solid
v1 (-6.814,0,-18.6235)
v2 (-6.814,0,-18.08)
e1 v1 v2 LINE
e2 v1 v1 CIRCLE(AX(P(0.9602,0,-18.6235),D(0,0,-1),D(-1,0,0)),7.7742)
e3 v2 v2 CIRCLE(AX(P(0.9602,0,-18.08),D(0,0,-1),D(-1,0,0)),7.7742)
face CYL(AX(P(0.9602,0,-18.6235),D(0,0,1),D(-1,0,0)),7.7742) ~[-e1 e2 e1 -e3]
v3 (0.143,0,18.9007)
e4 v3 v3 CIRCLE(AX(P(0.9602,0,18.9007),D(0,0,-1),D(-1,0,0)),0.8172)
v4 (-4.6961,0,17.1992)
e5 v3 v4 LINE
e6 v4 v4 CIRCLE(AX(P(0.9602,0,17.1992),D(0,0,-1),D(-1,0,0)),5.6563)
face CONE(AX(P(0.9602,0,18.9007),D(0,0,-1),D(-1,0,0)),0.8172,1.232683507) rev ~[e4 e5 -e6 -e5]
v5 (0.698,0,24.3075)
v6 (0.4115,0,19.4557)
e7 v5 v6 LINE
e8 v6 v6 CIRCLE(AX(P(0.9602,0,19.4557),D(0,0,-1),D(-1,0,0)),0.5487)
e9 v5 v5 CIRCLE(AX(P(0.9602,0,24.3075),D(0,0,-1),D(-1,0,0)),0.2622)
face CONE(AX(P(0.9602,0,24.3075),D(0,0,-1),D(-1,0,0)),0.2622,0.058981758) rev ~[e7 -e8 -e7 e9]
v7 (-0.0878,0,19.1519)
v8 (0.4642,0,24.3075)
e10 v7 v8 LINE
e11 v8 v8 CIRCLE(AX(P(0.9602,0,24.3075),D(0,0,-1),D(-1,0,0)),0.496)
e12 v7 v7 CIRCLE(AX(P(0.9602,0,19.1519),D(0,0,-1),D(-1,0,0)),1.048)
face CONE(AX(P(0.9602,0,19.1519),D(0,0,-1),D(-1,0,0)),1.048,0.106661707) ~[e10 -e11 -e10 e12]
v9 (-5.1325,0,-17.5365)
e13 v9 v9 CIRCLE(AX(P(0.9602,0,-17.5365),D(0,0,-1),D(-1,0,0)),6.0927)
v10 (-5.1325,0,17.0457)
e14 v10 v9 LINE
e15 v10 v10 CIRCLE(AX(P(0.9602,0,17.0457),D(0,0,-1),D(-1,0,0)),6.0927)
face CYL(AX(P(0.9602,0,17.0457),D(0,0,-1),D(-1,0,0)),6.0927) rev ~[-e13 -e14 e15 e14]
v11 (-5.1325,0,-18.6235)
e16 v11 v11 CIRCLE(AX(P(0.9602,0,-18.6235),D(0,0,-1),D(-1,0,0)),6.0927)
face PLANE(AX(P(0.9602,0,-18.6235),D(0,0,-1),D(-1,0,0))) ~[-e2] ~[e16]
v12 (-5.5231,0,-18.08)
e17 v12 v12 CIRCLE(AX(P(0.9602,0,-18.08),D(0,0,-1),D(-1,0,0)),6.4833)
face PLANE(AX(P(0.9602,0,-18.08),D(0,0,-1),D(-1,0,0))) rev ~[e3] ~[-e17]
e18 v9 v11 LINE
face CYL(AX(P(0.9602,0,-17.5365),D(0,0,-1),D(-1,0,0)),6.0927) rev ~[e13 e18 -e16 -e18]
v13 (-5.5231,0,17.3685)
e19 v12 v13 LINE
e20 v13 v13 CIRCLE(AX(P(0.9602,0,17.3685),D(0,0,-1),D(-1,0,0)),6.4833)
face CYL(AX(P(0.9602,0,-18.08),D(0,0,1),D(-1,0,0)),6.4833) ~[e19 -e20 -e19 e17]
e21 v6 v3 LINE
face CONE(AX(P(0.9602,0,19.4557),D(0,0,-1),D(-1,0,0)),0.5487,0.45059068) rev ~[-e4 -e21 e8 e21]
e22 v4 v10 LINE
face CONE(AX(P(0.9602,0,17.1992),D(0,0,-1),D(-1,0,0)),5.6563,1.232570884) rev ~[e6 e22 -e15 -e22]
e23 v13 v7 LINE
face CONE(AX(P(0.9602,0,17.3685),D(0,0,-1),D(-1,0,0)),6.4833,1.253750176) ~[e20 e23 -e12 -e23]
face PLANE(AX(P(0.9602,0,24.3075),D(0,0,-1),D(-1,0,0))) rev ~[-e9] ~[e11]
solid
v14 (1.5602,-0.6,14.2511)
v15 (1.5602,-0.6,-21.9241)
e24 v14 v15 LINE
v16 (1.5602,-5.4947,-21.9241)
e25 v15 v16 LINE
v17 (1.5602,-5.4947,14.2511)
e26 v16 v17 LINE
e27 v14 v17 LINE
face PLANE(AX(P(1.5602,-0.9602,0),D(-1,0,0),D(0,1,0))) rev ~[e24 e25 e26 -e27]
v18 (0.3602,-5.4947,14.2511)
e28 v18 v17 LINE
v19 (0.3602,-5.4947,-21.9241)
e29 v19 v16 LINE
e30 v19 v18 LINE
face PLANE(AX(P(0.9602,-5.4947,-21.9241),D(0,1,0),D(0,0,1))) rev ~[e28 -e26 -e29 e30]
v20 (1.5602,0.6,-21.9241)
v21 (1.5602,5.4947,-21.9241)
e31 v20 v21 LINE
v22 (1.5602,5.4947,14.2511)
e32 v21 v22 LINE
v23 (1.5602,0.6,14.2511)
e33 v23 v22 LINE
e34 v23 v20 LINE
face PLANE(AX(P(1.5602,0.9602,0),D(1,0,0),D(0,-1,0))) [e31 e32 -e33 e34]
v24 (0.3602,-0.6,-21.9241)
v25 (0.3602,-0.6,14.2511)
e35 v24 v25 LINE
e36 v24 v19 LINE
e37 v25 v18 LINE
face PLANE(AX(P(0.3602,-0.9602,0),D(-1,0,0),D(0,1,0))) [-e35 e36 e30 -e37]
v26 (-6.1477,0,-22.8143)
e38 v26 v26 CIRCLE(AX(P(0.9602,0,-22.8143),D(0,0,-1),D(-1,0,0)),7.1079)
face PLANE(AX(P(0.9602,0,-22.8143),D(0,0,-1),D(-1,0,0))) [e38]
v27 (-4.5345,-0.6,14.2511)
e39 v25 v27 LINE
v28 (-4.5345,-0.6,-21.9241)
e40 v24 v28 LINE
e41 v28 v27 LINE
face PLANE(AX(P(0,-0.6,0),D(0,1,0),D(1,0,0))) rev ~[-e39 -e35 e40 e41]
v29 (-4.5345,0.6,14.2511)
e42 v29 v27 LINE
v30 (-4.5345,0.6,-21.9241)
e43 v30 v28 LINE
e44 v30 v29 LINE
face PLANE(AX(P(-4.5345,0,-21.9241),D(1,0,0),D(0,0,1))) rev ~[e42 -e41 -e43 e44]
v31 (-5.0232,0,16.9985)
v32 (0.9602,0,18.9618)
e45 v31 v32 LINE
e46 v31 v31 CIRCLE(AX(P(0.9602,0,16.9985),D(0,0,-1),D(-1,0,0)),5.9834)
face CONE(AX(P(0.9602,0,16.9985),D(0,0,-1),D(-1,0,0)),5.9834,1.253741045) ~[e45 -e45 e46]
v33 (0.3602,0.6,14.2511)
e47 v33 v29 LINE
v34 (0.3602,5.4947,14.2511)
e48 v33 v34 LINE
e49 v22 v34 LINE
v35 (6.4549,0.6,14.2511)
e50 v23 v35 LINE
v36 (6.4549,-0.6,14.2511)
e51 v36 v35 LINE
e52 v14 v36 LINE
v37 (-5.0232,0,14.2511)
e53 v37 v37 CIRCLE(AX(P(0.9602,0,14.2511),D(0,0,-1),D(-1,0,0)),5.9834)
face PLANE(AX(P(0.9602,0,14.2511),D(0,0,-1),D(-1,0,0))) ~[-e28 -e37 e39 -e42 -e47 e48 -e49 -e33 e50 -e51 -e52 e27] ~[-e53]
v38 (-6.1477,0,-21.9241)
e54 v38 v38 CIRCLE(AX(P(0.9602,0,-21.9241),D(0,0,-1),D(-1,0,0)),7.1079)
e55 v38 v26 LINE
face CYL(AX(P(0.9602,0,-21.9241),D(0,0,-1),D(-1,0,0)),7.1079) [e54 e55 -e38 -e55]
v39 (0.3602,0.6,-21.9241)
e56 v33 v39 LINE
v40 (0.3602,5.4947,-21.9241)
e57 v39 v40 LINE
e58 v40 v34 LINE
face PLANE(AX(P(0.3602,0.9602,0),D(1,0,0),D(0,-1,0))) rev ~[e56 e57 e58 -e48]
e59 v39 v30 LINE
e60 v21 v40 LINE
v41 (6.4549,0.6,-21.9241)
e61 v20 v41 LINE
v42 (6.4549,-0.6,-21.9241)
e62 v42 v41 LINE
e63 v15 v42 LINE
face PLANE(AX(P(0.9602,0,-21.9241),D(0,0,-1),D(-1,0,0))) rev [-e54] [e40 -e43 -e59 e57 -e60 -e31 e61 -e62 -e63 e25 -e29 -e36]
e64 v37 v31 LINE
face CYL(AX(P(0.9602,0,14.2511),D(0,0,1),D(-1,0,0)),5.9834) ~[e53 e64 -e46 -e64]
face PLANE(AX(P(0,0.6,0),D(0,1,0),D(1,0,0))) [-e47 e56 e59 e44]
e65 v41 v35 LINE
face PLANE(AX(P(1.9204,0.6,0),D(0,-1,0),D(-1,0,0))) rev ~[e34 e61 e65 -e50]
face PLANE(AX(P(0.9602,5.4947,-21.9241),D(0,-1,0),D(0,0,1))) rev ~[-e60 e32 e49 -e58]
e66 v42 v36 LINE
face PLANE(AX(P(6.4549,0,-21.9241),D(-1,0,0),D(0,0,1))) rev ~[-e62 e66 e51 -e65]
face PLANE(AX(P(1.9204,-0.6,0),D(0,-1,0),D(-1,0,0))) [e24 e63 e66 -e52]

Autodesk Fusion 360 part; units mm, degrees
sketch "Sketch1" plane through (0, 0, 0) normal (0, 1, 0) x (1, 0, 0)
  line L0 (0.698, -24.3075) -> (0.4115, -19.4557)
  line L1 (0.4115, -19.4557) -> (0.143, -18.9007)
  line L2 (0.143, -18.9007) -> (-4.6961, -17.1992)
  line L3 (-4.6961, -17.1992) -> (-5.1325, -17.0457)
  line L4 (-5.1325, -17.0457) -> (-5.1325, 17.5365)
  line L5 (-5.1325, 17.5365) -> (-5.1325, 18.6235)
  line L6 (-5.1325, 18.6235) -> (-6.814, 18.6235)
  line L7 (-6.814, 18.6235) -> (-6.814, 18.08)
  line L8 (-6.814, 18.08) -> (-5.5231, 18.08)
  line L9 (-5.5231, 18.08) -> (-5.5231, -17.3685)
  line L10 (-5.5231, -17.3685) -> (-0.0878, -19.1519)
  line L11 (-0.0878, -19.1519) -> (0.4642, -24.3075)
  line L12 (0.4642, -24.3075) -> (0.698, -24.3075)
  line L13 (-5.0232, -16.9985) -> (0.9602, -18.9618)
  line L14 (0.9602, -18.9618) -> (0.9602, -14.2511)
  line L15 (0.9602, -14.2511) -> (-5.0232, -14.2511)
  line L16 (-5.0232, -14.2511) -> (-5.0232, -16.9985)
  line L17 (-4.5345, -14.2511) -> (0.9602, -14.2511)
  line L18 (0.9602, 21.9241) -> (-4.5345, 21.9241)
  line L19 (-4.5345, 21.9241) -> (-4.5345, -14.2511)
  line L20 (0.9602, -14.2511) -> (0.9602, 21.9241)
  line L21 (0.9602, 21.9241) -> (-6.1477, 21.9241)
  line L22 (-6.1477, 21.9241) -> (-6.1477, 22.8143)
  line L23 (-6.1477, 22.8143) -> (0.9602, 22.8143)
  line L24 (0.9602, 22.8143) -> (0.9602, 21.9241)
revolve "Revolve1" add sketch "Sketch1" angle 360 about axis through (0.9602, 0, 14.2511) along (0, 0, -1) contours L13 L14 L15 L16 L17 | L18 L21 L22 L23 L24 makes body 1 at (-1.3667, -4.0303, 17.4348) makes body 2 at (2.697, 0.2148, -21.9241)
extrude "Extrude1" add sketch "Sketch1" along normal blind 0.6 and the other way blind 0.6 separate body contours L15 L17 L18 L19 L20 L21 makes body 3
pattern_circular "C-Pattern1" count 4 over 360 about axis through (0.9602, 0, 14.2511) along (0, 0, -1) of bodies 3 makes body 4 at (1.5602, 3.6631, 2.1927) makes body 5 at (4.6233, -0.6, 2.1927) makes body 6 at (0.3602, -3.6631, 2.1927)
revolve "Revolve2" add sketch "Sketch1" angle 360 about axis through (0.9602, 0, 14.2511) along (0, 0, -1) separate body contours L0 L1 L2 L3 L4 L5 L6 L7 L8 L9 L10 L11 L12 makes body 7
sketch "Sketch2" plane through (0, 0, 0) normal (0, 1, 0) x (1, 0, 0)
combine "Combine1" operation add target body 1 tool bodies 2 3 4 5 6
